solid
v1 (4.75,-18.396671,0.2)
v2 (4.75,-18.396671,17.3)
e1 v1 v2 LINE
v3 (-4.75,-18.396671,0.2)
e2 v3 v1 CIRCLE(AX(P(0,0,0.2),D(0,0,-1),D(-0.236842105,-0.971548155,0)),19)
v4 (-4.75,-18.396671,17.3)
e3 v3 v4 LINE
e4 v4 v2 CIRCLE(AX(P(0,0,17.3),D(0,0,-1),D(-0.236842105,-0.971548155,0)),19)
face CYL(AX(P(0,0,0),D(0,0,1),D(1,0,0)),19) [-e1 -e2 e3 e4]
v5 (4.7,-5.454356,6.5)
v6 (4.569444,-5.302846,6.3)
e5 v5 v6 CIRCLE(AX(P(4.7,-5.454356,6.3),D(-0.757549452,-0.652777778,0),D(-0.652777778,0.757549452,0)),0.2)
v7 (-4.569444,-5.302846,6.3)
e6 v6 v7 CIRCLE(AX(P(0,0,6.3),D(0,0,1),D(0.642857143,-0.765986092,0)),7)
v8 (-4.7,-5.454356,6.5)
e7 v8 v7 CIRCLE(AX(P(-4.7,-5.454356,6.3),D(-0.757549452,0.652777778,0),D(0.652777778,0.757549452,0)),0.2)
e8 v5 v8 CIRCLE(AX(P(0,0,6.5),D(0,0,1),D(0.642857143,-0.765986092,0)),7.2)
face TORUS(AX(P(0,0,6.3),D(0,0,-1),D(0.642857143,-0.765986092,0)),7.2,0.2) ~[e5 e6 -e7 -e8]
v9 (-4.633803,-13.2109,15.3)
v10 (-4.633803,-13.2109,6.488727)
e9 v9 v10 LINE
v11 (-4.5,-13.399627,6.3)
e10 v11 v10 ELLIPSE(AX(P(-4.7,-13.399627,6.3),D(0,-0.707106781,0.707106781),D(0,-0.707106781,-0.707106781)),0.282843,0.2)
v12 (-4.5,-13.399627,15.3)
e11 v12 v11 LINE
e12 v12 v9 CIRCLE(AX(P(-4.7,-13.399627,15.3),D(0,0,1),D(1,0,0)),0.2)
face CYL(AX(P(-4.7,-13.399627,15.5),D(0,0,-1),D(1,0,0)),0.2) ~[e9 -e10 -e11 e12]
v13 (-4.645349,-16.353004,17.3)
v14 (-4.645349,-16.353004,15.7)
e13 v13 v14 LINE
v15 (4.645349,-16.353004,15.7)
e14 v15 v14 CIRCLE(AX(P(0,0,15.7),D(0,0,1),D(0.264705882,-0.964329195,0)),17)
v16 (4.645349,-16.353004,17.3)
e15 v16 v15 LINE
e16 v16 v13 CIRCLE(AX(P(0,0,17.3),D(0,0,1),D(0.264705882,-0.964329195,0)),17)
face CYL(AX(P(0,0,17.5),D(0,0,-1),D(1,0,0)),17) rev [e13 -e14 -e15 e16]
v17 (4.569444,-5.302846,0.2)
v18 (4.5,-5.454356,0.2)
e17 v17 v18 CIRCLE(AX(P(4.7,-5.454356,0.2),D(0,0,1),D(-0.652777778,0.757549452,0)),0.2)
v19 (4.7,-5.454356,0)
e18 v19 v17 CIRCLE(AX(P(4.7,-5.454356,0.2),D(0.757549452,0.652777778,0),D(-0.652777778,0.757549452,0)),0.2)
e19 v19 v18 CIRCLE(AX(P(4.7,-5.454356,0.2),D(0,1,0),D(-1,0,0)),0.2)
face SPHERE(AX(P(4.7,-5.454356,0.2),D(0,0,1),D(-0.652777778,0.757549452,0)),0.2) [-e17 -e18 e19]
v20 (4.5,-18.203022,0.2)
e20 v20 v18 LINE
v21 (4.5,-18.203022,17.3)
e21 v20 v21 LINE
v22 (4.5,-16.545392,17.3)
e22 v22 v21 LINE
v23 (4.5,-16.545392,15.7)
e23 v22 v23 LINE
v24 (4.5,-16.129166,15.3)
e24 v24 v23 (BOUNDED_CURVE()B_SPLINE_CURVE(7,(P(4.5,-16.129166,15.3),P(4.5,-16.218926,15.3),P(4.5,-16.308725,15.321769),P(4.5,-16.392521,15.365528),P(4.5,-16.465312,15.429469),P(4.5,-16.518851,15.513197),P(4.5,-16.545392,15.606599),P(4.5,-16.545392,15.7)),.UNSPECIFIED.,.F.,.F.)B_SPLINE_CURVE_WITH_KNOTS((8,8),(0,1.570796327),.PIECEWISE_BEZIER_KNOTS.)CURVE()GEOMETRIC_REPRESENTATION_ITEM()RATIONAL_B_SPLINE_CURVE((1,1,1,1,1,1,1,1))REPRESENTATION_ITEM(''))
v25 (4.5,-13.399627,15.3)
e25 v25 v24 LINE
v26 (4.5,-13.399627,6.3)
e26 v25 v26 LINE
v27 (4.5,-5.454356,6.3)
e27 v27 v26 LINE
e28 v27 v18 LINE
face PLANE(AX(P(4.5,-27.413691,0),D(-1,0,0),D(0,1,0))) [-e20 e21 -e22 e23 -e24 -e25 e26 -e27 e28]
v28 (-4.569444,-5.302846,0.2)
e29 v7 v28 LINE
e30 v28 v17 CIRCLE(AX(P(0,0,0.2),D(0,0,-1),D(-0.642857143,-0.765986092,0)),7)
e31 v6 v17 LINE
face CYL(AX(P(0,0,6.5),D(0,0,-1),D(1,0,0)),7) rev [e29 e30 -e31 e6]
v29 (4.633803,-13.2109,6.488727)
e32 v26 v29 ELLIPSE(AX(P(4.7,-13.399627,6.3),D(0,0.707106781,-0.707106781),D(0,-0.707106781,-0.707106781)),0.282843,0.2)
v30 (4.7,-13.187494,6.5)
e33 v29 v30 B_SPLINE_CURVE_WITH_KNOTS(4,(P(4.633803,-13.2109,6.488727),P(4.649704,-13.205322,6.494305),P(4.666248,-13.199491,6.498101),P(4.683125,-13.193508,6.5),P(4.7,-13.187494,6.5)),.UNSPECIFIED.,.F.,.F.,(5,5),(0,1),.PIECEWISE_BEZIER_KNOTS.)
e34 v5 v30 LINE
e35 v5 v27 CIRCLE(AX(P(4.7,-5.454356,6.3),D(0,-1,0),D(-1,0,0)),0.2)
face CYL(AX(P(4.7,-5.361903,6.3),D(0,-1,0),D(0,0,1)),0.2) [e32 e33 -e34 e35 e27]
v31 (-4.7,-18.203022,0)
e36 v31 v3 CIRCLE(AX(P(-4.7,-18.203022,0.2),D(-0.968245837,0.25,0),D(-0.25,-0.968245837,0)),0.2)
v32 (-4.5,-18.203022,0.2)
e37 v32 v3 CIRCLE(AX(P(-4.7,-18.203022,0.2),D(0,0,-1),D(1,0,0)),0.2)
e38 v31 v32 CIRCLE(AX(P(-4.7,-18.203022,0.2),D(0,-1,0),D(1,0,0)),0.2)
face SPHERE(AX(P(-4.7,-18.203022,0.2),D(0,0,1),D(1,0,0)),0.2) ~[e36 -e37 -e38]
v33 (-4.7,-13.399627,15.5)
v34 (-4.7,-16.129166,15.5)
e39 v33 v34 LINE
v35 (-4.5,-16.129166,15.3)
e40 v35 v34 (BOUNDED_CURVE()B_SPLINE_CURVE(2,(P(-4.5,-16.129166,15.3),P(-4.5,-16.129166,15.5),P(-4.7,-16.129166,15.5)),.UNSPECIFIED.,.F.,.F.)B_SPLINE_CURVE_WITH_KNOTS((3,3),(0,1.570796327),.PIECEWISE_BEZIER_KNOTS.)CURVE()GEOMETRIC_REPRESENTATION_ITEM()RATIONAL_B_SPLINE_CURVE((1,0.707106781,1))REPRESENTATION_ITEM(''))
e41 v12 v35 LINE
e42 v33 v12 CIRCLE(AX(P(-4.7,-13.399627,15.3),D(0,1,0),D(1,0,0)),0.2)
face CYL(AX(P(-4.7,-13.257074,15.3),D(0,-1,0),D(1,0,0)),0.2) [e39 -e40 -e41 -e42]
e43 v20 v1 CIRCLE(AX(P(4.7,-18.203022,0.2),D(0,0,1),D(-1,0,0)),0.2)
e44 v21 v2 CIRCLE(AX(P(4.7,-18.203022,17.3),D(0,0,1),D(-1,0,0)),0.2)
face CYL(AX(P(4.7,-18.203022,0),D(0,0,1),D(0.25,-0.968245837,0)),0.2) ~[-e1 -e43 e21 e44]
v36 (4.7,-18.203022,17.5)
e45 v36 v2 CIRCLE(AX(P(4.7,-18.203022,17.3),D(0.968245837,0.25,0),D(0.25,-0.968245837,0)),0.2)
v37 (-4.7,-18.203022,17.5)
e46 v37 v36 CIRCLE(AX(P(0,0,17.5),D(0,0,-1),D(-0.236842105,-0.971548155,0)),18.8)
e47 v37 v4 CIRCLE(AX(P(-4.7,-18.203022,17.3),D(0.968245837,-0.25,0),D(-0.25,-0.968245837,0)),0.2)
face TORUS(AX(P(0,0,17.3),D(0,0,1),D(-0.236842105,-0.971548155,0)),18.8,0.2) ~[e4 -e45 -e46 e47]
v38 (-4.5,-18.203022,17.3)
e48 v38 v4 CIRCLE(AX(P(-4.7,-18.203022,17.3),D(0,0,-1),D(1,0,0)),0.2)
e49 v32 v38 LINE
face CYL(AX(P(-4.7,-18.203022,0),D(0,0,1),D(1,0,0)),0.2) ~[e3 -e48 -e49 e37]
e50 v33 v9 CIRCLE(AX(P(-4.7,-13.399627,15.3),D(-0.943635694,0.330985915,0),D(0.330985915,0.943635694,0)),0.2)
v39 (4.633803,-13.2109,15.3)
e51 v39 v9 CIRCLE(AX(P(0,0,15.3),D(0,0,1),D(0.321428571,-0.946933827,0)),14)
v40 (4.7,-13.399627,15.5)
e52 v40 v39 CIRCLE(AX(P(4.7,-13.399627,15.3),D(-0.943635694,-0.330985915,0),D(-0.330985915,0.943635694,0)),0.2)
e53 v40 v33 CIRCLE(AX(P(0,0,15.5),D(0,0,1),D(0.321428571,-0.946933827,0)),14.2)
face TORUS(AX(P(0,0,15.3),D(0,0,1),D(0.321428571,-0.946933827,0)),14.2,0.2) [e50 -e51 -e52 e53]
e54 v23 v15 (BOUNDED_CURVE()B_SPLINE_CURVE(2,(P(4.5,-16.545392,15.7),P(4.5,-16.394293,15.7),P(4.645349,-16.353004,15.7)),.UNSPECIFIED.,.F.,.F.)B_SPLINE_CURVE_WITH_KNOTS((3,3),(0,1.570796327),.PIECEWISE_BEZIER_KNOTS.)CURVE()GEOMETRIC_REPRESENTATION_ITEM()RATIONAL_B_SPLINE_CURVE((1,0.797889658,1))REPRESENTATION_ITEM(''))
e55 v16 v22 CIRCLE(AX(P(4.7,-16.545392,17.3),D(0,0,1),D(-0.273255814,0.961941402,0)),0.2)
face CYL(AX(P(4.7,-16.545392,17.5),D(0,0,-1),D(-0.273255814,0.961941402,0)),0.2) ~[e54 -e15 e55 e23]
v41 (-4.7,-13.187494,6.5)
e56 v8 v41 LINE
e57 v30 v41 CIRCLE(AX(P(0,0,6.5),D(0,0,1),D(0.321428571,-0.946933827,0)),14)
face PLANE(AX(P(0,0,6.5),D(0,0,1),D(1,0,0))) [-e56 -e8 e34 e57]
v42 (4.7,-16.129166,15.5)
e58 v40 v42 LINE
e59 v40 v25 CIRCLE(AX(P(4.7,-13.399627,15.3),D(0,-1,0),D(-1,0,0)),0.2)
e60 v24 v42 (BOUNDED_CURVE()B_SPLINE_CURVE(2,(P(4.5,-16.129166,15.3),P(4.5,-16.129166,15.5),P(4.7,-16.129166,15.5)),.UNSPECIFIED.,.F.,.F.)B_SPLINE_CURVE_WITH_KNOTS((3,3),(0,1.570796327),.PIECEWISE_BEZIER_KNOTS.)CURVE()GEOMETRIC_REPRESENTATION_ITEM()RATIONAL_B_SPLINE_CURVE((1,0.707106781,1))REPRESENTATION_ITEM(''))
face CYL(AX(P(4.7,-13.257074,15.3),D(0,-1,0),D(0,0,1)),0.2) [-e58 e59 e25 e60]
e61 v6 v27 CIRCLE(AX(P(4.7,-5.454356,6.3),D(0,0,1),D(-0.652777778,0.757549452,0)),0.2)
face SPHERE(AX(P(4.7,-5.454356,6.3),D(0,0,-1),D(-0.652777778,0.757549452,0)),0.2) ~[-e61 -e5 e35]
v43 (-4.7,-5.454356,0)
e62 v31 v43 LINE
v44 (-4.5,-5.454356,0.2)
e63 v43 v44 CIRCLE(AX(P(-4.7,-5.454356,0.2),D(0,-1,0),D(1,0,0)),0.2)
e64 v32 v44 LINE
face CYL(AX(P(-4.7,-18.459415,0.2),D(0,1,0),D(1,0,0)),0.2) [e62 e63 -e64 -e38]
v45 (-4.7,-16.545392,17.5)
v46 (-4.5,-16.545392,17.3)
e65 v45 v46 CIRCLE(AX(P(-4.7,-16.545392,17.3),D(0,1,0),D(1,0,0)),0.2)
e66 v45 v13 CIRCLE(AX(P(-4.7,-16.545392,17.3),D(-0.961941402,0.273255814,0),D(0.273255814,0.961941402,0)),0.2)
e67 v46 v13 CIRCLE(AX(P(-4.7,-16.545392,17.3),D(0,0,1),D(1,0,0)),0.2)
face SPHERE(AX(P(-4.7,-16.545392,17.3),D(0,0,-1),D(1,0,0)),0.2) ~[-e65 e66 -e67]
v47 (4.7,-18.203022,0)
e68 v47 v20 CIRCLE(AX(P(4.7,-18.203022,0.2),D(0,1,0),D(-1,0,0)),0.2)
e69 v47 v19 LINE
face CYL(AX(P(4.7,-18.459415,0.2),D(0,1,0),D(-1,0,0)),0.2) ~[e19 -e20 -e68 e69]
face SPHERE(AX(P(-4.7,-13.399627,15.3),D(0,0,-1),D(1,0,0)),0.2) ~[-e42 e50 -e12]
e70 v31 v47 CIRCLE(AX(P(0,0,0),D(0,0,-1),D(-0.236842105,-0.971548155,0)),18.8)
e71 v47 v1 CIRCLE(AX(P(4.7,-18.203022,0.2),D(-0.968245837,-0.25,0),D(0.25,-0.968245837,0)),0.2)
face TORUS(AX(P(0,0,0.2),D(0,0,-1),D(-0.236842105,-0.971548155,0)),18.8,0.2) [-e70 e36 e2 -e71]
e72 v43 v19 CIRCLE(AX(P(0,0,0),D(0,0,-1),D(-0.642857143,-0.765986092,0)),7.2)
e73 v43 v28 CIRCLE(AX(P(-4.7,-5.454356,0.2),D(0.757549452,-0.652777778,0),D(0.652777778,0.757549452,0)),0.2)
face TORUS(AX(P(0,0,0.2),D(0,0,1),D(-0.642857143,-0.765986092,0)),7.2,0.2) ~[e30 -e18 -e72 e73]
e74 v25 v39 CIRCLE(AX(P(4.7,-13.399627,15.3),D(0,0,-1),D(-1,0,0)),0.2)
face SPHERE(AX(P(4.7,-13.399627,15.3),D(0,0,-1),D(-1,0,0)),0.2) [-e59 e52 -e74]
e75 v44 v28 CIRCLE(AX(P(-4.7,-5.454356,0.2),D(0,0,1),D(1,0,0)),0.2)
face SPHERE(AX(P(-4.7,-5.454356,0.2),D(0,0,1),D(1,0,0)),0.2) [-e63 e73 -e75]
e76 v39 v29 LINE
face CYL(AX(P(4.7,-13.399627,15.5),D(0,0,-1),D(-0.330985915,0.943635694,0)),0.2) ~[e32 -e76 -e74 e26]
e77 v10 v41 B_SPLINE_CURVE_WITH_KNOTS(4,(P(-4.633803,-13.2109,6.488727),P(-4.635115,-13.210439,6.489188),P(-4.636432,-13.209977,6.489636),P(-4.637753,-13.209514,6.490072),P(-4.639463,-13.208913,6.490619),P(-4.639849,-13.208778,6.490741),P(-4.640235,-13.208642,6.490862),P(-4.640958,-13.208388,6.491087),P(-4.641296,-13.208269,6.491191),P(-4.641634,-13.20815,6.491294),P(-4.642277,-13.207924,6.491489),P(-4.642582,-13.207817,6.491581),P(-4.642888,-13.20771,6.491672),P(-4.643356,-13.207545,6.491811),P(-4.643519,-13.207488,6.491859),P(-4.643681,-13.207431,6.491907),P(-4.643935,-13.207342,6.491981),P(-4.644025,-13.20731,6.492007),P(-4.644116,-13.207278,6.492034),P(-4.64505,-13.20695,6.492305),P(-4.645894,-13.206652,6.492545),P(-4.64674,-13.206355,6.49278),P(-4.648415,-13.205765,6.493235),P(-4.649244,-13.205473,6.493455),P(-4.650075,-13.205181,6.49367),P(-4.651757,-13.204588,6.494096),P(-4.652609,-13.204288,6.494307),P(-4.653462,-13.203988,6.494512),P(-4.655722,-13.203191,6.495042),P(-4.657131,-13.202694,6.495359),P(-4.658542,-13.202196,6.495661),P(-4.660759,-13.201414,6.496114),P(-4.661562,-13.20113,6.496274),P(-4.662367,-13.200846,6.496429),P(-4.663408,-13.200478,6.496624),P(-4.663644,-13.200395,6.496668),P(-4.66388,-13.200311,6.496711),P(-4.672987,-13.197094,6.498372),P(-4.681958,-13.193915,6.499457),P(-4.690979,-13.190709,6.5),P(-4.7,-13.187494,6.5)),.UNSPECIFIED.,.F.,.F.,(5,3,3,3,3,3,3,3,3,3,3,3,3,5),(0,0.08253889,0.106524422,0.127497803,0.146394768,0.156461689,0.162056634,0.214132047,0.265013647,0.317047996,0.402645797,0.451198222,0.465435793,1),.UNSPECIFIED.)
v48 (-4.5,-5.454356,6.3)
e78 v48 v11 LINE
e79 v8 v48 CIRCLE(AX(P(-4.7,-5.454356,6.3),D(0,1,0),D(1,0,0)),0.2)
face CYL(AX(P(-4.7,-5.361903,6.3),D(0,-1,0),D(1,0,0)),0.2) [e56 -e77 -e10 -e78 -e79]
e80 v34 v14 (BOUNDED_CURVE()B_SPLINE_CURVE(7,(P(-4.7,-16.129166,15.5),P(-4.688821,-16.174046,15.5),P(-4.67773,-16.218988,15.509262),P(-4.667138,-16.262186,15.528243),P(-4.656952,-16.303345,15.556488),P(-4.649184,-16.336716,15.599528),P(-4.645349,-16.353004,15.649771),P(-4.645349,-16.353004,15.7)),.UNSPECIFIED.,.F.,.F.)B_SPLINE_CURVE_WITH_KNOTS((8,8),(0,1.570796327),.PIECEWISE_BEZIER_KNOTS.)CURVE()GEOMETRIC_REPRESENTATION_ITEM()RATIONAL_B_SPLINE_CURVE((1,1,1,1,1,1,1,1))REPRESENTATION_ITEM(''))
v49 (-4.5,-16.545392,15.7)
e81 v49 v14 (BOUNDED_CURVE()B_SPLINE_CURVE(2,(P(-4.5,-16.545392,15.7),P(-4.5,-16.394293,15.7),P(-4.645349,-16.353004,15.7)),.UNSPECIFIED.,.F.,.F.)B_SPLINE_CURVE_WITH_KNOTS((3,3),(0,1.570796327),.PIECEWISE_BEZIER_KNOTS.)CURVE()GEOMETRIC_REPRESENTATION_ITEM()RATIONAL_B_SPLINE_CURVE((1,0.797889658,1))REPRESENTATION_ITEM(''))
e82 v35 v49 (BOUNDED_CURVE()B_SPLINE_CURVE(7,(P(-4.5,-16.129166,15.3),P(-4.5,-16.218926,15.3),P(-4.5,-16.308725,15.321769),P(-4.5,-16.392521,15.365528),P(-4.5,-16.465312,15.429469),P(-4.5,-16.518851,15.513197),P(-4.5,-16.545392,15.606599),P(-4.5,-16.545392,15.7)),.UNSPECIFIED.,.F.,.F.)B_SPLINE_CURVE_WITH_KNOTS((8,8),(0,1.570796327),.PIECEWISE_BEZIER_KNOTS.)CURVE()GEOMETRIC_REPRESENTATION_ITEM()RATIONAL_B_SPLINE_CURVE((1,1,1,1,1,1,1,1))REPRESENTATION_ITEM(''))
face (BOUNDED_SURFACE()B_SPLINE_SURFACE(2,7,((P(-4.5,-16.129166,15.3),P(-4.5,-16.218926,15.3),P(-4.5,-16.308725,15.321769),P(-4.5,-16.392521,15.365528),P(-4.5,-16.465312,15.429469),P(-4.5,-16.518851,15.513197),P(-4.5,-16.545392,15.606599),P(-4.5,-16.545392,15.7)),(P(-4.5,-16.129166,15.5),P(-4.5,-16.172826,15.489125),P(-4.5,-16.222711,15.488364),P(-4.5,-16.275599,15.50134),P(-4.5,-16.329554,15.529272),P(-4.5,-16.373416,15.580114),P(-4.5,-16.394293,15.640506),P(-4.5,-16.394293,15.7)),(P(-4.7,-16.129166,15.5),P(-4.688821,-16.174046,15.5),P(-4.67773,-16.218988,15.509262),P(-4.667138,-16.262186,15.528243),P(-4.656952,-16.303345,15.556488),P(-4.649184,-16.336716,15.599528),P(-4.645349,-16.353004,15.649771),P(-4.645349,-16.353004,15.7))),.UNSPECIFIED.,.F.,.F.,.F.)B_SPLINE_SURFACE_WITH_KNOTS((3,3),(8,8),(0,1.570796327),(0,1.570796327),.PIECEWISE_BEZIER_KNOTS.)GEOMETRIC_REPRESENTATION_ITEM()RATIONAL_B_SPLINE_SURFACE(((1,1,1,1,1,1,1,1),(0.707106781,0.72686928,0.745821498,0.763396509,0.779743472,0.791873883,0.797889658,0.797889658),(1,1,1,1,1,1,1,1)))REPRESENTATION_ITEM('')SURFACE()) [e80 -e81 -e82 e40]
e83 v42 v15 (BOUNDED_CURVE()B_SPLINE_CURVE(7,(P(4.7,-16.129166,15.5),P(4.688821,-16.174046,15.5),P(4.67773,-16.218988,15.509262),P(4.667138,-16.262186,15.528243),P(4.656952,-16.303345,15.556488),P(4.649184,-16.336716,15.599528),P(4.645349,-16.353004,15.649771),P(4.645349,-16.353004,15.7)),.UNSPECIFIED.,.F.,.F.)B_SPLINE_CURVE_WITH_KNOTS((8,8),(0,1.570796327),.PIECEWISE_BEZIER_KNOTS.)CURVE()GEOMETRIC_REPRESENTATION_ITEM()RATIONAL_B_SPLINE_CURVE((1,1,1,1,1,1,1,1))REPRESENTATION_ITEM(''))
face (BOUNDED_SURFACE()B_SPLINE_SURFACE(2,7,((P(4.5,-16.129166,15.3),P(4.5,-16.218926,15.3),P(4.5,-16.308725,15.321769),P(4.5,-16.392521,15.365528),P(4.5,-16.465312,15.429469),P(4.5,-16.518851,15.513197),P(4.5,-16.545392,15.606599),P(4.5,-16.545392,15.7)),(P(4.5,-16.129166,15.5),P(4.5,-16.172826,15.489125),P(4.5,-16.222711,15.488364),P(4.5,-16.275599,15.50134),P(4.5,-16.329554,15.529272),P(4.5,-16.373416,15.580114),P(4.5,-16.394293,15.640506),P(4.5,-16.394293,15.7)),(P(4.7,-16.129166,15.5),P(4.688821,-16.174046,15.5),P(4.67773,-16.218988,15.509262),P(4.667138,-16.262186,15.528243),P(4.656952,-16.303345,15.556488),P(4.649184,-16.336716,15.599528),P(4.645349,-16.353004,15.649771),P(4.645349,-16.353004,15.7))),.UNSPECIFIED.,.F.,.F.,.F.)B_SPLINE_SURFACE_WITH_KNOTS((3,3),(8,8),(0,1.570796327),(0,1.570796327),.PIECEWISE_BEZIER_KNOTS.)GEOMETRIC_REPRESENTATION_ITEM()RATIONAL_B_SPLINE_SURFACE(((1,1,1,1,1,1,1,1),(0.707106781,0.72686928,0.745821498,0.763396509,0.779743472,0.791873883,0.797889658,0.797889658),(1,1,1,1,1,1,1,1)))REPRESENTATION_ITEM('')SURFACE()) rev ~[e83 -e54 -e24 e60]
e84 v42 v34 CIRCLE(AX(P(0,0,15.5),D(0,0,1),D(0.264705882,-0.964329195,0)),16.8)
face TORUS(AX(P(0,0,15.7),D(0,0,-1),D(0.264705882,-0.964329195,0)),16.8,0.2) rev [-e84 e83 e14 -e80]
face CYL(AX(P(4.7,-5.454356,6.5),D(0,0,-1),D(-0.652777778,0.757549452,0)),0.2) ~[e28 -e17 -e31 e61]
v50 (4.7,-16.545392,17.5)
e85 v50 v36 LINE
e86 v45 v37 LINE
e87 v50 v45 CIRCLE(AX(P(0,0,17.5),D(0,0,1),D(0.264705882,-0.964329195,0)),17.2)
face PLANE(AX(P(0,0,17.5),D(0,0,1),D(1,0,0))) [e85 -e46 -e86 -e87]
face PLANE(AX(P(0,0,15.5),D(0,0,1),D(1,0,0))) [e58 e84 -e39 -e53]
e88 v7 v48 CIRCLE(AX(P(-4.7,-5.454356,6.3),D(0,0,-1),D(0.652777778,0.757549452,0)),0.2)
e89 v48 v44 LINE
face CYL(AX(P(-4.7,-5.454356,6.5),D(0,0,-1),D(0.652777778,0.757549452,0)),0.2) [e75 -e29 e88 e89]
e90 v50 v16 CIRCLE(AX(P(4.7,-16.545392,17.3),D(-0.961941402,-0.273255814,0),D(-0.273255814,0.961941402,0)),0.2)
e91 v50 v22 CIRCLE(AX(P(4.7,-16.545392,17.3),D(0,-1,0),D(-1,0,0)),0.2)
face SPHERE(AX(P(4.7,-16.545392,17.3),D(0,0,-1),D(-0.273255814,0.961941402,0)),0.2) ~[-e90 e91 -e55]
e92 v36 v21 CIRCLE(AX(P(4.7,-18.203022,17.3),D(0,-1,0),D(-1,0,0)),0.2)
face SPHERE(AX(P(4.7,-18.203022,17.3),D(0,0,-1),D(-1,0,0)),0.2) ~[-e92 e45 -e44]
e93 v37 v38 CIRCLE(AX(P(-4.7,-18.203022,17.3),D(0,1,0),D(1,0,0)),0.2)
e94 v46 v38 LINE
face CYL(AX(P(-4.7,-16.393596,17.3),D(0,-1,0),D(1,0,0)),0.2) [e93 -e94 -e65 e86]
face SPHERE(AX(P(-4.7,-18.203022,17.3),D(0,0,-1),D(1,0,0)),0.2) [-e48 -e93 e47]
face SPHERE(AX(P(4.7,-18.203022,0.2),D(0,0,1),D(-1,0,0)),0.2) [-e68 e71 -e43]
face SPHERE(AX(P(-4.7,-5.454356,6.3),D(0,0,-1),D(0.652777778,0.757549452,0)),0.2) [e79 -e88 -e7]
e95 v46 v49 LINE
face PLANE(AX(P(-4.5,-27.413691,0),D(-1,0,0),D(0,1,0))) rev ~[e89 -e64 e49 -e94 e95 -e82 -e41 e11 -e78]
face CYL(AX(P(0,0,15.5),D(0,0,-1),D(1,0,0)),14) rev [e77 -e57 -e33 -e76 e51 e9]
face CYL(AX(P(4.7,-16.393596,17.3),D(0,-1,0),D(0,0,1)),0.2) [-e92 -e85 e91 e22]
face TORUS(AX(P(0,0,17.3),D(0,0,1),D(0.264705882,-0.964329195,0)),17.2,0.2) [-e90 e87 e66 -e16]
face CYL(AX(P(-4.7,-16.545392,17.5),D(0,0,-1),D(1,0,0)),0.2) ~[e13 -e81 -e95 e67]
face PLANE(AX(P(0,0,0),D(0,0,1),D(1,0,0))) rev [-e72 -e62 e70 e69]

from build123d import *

# Parameters (mm, degrees)
F1_W     = 9
F1_H     = 26.4847505782
F3_DEPTH = 76.9
F4_R     = 0.2


with BuildPart() as f2:
    # F0 (on Front) → F2 (revolve)
    with BuildSketch(Plane.XZ):
        Polygon((7, 6.5), (7, 0), (19, 0), (19, 17.5), (17, 17.5), (17, 15.5), (14, 15.5), (14, 6.5), align=None)
    revolve(axis=Axis((0, 0, 0), (0, 0, 1)))

    # F1 (on Top) → F3 (cut)
    with BuildSketch(Plane.XY):
        with Locations((0, -14.1713153571)):
            Rectangle(F1_W, F1_H)
    extrude(amount=F3_DEPTH, mode=Mode.SUBTRACT)

    # F4
    f4_edges = [f2.edges().sort_by_distance(p)[0] for p in [
        (0, 19, 17.5),
        (0, 17, 17.5),
        (0, 14, 15.5),
        (0, 19, 0),
        (0, 7, 6.5),
        (4.5, -18.459415, 8.75),
        (-4.5, -18.459415, 8.75),
        (4.5, -13.257074, 11),
        (4.5, -9.309488, 6.5),
        (-4.5, -9.309488, 6.5),
        (-4.5, -16.393596, 16.5),
        (-4.5, -11.910659, 0),
        (-4.5, -13.257074, 11),
        (0, 17, 15.5),
        (4.5, -17.426506, 17.5),
        (0, 7, 0),
        (-4.5, -5.361903, 3.25),
        (4.5, -11.910659, 0),
        (-4.5, -14.825335, 15.5),
        (4.5, -5.361903, 3.25),
        (4.5, -14.825335, 15.5),
        (4.5, -16.393596, 16.5),
        (-4.5, -17.426506, 17.5),
    ]]
    fillet(f4_edges, radius=F4_R)


solid = f2.part
